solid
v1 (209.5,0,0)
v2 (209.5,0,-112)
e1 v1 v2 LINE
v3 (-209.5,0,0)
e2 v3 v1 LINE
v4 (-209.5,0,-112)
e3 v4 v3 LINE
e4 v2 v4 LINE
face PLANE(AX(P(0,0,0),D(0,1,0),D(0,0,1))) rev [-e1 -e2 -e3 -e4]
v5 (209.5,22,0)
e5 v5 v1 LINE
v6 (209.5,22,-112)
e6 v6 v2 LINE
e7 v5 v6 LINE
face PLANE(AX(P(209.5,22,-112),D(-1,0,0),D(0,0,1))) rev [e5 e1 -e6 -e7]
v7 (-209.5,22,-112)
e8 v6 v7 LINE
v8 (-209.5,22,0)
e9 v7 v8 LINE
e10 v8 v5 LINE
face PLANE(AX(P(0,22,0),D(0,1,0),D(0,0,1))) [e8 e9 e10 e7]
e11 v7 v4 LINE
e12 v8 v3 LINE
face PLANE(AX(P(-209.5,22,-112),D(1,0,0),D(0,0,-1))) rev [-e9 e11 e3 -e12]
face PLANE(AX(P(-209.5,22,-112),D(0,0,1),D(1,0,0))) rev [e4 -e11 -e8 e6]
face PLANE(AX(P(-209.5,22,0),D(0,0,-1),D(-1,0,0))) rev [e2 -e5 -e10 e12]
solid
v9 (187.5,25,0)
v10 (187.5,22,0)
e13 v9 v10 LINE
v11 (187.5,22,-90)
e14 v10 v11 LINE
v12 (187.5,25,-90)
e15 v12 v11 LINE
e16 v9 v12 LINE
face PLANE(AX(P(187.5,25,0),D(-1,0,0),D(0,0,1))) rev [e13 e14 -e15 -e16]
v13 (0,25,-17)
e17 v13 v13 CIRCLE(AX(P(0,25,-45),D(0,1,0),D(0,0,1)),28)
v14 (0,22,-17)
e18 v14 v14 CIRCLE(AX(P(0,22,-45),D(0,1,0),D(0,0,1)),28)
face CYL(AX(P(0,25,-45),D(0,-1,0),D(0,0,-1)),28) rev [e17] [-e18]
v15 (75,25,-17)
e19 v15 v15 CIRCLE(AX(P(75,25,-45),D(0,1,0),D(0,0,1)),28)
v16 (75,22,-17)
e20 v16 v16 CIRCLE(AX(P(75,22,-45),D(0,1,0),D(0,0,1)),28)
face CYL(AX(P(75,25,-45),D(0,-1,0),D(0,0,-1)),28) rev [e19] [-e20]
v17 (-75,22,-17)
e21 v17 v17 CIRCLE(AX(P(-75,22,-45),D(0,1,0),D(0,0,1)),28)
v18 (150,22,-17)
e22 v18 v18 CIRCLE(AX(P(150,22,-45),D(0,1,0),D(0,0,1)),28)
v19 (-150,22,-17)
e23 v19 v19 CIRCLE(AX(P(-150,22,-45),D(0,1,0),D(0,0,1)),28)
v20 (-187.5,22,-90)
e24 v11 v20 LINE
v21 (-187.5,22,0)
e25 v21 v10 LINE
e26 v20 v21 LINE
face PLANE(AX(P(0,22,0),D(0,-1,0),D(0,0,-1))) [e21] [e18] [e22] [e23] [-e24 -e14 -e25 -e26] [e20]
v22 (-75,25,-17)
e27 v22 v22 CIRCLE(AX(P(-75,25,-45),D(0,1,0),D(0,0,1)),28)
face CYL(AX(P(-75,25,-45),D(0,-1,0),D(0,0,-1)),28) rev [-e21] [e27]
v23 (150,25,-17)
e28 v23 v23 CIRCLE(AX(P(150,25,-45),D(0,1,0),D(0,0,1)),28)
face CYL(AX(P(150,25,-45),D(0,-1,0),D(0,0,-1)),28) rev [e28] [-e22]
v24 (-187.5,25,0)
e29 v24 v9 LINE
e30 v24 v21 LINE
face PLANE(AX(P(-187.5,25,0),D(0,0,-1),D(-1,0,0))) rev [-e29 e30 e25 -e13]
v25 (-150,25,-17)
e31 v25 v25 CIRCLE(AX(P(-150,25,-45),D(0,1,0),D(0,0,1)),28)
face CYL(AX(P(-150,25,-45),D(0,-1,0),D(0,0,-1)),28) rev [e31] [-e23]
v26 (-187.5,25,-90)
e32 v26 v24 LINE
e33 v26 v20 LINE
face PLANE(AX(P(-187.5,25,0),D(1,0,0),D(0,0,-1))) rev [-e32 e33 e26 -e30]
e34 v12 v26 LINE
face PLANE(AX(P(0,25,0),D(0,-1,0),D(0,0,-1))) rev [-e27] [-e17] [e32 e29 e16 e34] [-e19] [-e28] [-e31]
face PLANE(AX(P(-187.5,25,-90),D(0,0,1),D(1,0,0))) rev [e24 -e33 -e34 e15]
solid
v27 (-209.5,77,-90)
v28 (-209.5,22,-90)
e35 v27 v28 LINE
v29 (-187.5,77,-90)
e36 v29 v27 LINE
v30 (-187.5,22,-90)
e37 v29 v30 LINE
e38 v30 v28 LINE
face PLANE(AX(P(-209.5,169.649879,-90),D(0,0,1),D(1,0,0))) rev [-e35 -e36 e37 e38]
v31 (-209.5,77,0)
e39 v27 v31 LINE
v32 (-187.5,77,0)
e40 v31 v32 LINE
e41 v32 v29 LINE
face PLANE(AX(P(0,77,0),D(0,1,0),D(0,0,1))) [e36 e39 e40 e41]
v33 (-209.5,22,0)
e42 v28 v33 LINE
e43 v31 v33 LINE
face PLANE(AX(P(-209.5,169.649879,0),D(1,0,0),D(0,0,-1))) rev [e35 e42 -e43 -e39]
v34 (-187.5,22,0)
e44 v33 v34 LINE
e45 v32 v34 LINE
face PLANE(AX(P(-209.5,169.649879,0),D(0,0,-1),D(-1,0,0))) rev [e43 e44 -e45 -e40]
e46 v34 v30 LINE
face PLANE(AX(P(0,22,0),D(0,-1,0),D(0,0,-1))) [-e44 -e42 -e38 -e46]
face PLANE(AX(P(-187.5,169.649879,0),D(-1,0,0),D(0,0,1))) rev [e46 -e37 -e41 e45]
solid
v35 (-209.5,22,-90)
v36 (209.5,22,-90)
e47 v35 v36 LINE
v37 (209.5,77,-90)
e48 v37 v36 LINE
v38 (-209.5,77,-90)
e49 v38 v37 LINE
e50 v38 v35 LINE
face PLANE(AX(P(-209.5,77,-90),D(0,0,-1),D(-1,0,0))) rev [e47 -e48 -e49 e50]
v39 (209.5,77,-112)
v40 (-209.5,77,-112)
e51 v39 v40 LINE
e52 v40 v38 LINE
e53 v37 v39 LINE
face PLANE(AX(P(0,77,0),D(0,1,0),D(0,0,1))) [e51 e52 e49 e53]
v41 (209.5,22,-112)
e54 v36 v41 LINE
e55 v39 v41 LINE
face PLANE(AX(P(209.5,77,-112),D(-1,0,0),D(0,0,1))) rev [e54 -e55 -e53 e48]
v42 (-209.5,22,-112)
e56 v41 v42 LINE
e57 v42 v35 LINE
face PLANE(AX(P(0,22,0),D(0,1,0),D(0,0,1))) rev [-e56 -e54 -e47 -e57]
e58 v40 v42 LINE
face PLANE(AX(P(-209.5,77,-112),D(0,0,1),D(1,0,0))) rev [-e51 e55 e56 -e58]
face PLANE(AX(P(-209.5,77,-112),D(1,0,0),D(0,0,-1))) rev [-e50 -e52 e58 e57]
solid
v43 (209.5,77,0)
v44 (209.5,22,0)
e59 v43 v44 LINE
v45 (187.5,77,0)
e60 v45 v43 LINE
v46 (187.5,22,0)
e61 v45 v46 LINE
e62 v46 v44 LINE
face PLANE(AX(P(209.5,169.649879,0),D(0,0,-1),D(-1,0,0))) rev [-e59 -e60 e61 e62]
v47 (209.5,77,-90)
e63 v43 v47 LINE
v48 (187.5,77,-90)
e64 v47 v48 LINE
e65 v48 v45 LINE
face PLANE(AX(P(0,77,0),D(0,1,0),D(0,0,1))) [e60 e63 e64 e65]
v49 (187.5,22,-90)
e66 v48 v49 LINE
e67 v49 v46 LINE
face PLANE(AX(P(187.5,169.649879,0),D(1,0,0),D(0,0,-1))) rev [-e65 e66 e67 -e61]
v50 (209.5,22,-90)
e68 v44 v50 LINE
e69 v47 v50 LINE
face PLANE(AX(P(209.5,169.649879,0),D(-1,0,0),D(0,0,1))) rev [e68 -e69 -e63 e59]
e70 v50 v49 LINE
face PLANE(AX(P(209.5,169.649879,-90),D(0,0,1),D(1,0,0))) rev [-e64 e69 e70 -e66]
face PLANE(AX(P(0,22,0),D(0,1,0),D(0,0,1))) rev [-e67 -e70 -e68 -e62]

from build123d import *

# Parameters (mm, degrees)
ESQUISSE1_W          = 419
ESQUISSE1_H          = 112
BOSS_EXTRU_1_DEPTH   = 22
ESQUISSE2_W          = 419
ESQUISSE2_H          = 22
BOSS_EXTRU_2_DEPTH   = 55
ESQUISSE3_W          = 22
ESQUISSE3_H          = 90
BOSS_EXTRU_3_DEPTH   = 55
BOSS_EXTRU_3_2_DEPTH = 55
ESQUISSE4_W          = 375
ESQUISSE4_H          = 90
ESQUISSE4_R          = 28
BOSS_EXTRU_4_DEPTH   = 3


with BuildPart() as part:
    # Esquisse1 → Boss.-Extru.1 (new body)
    with BuildSketch(Plane(origin=(0, 0, 0), x_dir=(1, 0, 0), z_dir=(0, 1, 0))):
        with Locations((0, 56)):
            Rectangle(ESQUISSE1_W, ESQUISSE1_H)
    extrude(amount=BOSS_EXTRU_1_DEPTH)


with BuildPart() as body_2:
    # Esquisse2 → Boss.-Extru.2 (new body)
    with BuildSketch(Plane(origin=(0, 22, 0), x_dir=(1, 0, 0), z_dir=(0, 1, 0))):
        with Locations((0, 101)):
            Rectangle(ESQUISSE2_W, ESQUISSE2_H)
    extrude(amount=BOSS_EXTRU_2_DEPTH)


with BuildPart() as body_3:
    # Esquisse3 → Boss.-Extru.3 (new body)
    with BuildSketch(Plane(origin=(0, 22, 0), x_dir=(1, 0, 0), z_dir=(0, 1, 0))):
        with Locations((-198.5, 45)):
            Rectangle(ESQUISSE3_W, ESQUISSE3_H)
    extrude(amount=BOSS_EXTRU_3_DEPTH)


with BuildPart() as body_4:
    # Esquisse3 → Boss.-Extru.3 2 (new body)
    with BuildSketch(Plane(origin=(0, 22, 0), x_dir=(1, 0, 0), z_dir=(0, 1, 0))):
        with Locations((198.5, 45)):
            Rectangle(ESQUISSE3_W, ESQUISSE3_H)
    extrude(amount=BOSS_EXTRU_3_2_DEPTH)


with BuildPart() as body_5:
    # Esquisse4 → Boss.-Extru.4 (new body)
    with BuildSketch(Plane(origin=(0, 22, 0), x_dir=(1, 0, 0), z_dir=(0, 1, 0))):
        with Locations((0, 45)):
            Rectangle(ESQUISSE4_W, ESQUISSE4_H)
        with Locations(Location((-150, 45, 0), (0, 0, 270))):
            Circle(ESQUISSE4_R, mode=Mode.SUBTRACT)
        with Locations(Location((-75, 45, 0), (0, 0, 270))):
            Circle(ESQUISSE4_R, mode=Mode.SUBTRACT)
        with Locations(Location((0, 45, 0), (0, 0, 270))):
            Circle(ESQUISSE4_R, mode=Mode.SUBTRACT)
        with Locations(Location((75, 45, 0), (0, 0, 270))):
            Circle(ESQUISSE4_R, mode=Mode.SUBTRACT)
        with Locations(Location((150, 45, 0), (0, 0, 270))):
            Circle(ESQUISSE4_R, mode=Mode.SUBTRACT)
    extrude(amount=BOSS_EXTRU_4_DEPTH)


solid = Compound([part.part, body_2.part, body_3.part, body_4.part, body_5.part])
